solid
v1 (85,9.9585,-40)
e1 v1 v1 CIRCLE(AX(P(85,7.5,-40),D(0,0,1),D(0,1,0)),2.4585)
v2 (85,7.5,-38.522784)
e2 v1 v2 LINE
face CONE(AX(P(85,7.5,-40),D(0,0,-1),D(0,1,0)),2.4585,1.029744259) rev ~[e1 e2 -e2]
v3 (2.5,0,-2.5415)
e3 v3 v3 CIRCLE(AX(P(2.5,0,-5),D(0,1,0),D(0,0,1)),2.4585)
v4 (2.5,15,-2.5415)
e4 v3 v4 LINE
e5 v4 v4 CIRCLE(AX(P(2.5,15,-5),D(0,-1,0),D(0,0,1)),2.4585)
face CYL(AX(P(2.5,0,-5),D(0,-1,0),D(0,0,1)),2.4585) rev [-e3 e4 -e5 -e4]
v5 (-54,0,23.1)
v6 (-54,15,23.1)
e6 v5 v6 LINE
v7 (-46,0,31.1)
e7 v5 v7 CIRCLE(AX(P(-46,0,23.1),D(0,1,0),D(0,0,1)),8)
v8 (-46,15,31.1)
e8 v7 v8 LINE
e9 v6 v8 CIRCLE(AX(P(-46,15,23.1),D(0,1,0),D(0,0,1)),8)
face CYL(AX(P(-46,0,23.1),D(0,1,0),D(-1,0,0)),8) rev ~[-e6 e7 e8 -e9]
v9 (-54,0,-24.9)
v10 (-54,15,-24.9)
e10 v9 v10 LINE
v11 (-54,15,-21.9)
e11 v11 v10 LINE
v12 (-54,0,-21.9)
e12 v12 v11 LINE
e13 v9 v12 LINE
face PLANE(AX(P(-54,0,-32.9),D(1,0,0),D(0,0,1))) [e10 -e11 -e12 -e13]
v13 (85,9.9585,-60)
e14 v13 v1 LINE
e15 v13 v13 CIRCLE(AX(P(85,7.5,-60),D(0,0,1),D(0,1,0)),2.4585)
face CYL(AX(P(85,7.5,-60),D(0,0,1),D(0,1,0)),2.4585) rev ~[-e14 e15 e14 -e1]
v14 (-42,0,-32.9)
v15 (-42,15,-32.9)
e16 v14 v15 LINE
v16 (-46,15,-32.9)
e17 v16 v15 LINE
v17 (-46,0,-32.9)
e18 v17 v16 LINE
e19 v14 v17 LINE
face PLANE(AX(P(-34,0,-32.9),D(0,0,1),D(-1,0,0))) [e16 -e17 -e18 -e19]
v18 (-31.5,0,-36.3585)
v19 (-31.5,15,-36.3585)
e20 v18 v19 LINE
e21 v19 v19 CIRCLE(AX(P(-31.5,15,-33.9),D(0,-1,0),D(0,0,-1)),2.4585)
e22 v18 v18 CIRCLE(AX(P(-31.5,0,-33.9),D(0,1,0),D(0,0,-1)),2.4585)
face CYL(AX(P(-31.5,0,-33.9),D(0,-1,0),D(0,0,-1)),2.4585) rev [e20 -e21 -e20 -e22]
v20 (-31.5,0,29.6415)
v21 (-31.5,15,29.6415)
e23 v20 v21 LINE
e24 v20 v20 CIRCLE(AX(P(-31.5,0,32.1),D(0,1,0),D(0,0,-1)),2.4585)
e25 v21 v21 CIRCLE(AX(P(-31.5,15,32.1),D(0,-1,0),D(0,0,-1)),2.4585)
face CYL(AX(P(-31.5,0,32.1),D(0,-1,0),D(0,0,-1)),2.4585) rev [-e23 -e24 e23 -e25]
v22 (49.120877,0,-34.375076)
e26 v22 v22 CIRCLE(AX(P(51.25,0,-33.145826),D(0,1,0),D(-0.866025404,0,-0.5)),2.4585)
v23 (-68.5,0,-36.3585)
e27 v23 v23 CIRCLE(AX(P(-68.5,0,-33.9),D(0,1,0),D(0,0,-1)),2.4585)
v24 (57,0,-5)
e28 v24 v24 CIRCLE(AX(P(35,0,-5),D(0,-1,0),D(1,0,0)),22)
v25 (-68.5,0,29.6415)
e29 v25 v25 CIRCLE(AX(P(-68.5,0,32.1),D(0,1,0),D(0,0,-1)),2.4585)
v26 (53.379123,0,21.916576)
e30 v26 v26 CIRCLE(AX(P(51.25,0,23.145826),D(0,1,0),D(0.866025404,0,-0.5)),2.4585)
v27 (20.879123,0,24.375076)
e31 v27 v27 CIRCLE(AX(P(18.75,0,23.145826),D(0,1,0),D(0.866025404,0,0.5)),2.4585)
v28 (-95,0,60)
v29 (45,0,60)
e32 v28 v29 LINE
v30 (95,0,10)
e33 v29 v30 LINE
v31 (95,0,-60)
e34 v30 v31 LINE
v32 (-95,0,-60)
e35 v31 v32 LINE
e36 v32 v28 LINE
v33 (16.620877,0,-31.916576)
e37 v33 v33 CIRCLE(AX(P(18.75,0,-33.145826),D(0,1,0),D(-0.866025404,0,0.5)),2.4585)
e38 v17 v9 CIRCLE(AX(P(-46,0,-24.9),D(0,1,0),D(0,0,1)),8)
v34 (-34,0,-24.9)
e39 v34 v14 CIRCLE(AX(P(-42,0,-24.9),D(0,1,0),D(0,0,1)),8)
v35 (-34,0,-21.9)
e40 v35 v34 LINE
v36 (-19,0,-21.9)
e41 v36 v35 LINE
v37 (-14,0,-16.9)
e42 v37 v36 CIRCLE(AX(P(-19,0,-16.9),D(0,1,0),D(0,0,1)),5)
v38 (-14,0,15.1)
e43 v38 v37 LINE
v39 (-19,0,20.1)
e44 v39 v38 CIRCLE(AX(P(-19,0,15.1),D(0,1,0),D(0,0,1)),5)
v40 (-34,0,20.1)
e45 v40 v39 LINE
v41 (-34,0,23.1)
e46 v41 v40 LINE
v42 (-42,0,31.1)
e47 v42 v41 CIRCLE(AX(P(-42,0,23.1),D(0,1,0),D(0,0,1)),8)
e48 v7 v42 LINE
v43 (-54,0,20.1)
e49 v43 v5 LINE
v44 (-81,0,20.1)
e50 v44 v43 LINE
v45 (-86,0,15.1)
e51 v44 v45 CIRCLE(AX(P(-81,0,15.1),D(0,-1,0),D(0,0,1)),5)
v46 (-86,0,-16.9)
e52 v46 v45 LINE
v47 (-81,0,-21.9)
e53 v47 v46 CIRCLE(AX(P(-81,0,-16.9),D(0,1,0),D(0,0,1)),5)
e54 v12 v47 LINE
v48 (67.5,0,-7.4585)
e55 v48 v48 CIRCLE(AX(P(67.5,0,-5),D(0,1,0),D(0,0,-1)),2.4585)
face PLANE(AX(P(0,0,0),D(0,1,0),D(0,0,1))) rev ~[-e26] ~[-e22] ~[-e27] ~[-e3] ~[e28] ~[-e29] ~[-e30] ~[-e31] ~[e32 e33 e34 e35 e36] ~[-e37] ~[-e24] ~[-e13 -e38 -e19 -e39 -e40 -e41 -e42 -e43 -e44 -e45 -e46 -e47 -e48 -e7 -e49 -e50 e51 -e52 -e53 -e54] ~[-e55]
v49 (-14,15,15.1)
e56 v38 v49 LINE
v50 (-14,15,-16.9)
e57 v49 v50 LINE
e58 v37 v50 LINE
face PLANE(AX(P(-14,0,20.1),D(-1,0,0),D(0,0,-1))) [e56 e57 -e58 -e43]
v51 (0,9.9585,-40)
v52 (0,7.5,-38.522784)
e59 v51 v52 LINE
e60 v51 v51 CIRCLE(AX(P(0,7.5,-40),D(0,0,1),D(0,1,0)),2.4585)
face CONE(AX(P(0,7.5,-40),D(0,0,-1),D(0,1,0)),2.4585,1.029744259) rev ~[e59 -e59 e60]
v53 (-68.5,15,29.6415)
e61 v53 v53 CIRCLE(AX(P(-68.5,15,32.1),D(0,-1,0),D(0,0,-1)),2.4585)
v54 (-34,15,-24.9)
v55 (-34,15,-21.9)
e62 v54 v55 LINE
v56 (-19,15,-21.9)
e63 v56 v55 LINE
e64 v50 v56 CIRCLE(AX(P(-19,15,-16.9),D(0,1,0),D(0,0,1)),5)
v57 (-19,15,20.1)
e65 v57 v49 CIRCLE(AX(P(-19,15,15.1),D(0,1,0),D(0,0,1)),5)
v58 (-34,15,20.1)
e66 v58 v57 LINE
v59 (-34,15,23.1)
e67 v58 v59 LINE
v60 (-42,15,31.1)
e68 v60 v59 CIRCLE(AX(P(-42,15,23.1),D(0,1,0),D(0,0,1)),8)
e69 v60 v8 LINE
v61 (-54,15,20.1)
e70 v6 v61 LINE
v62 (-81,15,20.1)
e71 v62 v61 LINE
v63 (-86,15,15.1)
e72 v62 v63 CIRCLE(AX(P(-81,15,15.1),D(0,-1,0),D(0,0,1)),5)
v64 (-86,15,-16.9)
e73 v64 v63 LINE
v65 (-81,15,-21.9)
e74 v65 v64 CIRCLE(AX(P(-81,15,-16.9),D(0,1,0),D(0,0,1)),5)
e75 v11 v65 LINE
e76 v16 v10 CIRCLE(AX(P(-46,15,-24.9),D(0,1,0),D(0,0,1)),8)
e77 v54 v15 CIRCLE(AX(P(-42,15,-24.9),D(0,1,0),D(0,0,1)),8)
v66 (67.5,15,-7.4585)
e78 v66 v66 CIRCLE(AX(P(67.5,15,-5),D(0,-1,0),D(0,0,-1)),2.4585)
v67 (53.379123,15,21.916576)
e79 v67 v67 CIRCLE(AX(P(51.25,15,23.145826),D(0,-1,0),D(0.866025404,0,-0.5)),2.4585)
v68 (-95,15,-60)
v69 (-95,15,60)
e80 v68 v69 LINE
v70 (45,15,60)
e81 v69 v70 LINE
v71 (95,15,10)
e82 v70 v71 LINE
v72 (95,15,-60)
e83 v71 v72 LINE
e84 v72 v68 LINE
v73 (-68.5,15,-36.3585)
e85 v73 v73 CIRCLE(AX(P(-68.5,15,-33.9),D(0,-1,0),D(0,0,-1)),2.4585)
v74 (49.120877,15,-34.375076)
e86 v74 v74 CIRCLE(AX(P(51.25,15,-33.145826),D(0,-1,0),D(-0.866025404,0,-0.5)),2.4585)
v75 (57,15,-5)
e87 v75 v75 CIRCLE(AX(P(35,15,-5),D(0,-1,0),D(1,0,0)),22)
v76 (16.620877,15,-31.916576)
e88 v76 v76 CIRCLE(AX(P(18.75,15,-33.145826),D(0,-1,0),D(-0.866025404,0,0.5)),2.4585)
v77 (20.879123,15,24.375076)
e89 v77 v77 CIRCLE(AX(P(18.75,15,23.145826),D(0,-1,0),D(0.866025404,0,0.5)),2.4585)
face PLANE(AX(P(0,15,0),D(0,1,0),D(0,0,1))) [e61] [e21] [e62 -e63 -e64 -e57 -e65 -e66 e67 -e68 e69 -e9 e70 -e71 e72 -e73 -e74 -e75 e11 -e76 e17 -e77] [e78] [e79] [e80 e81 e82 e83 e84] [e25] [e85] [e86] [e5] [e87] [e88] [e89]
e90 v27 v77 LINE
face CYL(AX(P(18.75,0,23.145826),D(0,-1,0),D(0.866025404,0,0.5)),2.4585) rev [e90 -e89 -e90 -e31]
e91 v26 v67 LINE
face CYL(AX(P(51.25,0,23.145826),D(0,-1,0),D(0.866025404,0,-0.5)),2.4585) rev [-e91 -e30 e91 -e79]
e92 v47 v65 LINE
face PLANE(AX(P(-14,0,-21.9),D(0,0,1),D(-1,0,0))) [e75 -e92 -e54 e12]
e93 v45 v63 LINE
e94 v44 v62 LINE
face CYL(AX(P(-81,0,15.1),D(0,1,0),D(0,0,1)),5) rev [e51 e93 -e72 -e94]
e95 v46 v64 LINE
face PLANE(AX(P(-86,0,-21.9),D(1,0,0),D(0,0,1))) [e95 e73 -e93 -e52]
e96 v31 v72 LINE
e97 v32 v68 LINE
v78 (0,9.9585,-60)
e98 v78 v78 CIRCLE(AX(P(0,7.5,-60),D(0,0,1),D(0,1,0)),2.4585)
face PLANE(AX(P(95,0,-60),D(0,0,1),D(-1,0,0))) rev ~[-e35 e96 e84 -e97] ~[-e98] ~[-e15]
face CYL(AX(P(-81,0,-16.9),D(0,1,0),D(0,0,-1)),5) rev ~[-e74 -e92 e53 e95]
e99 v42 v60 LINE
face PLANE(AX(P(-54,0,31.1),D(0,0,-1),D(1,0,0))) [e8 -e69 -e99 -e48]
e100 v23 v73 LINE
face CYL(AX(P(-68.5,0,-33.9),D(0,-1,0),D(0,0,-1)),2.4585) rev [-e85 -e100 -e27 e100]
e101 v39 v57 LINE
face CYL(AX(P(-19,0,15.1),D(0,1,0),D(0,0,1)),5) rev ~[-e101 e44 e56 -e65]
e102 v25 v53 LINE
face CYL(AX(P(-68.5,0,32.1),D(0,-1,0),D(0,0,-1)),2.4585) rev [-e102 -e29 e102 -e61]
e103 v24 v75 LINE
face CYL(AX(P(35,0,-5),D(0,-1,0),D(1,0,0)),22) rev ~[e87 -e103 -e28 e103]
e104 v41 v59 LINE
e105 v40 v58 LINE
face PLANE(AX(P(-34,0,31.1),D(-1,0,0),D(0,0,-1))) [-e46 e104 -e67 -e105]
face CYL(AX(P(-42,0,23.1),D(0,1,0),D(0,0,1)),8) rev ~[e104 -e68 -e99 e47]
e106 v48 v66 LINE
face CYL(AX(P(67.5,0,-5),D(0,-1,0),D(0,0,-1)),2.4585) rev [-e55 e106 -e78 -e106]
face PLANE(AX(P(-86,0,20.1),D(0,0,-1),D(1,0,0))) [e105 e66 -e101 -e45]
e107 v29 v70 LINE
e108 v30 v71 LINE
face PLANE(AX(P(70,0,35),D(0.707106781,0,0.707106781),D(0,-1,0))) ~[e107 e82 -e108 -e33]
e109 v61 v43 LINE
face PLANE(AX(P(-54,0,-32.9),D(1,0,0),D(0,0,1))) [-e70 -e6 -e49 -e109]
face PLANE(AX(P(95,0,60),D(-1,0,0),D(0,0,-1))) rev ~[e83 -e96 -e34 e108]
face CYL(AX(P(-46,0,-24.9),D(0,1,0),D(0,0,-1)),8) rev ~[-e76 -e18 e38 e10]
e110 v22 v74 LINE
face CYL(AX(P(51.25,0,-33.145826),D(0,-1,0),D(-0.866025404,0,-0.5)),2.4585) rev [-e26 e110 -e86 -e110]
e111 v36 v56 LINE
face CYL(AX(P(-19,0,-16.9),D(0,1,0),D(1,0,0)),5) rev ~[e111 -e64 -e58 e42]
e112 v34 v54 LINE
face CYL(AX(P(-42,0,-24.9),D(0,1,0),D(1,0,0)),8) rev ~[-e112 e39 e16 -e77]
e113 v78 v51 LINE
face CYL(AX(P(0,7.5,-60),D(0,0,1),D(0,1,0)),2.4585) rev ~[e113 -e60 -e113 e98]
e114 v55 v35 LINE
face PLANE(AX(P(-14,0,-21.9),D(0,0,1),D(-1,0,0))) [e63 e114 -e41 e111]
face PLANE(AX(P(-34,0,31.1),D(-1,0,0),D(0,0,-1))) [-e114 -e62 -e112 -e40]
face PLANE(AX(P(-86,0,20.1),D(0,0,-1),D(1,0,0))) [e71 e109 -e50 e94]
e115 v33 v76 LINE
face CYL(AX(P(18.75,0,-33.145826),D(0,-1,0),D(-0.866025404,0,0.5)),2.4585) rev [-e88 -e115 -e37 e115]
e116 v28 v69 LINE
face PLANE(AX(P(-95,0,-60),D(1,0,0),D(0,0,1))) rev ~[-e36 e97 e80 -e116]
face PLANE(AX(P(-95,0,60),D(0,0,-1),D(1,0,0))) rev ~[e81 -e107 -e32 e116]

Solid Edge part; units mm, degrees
sketch "Sketch1" plane through (0, 0, 0) normal (0, -1, 0) x (1, 0, 0)
  line L0 (-95, 60) -> (95, 60)
  line L1 (95, 60) -> (95, -60)
  line L2 (95, -60) -> (-95, -60)
  line L3 (-95, -60) -> (-95, 60)
  dimension "D1" = 190
  dimension "D2" = 120
extrude "Protrusion1" add sketch "Sketch1" against normal blind 15
sketch "Sketch2" plane through (0, 0, 0) normal (0, -1, 0) x (1, 0, 0)
  line L0 (-86, 20.1) -> (-14, 20.1)
  line L1 (-14, 20.1) -> (-14, -21.9)
  line L2 (-14, -21.9) -> (-86, -21.9)
  line L3 (-86, -21.9) -> (-86, 20.1)
  circle A0 centre (35, -5) radius 22
  dimension "D1" = 55
  dimension "D2" = 60
  dimension "D3" = 44
  dimension "D4" = 72
  dimension "D5" = 42
  dimension "D6" = 4.1
  dimension "D7" = 145
extrude "Cutout1" cut sketch "Sketch2" against normal up to vertex (15 mm away)
fillet "Redondeo_1" radius 5 4 edges at (-86, 7.5, 20.1) (-14, 7.5, 20.1) (-86, 7.5, -21.9) (-14, 7.5, -21.9)
hole "Agujero_1" at (85, 7.5, -60) direction (0, 0, 1) diameter 4.917 depth 20 tip angle 118 thread major 6 thread length 10
hole "Hole1" at (0, 7.5, -60) direction (0, 0, 1) diameter 4.917 depth 20 tip angle 118 thread major 6 thread length 10
hole "Agujero_4" at (67.5, 0, -5) direction (0, 1, 0) diameter 4.917 end up to next
pattern_circular "Pattern2" count 6 over 360 about axis through (35, 0, -5) along (0, -1, 0) of "Agujero_4"
hole "Agujero_10" at (-68.5, 0, 32.1) direction (0, 1, 0) diameter 4.917 end through all
hole "Hole7" at (-31.5, 0, 32.1) direction (0, 1, 0) diameter 4.917 end through all
hole "Hole8" at (-68.5, 0, -33.9) direction (0, 1, 0) diameter 4.917 end through all
hole "Hole9" at (-31.5, 0, -33.9) direction (0, 1, 0) diameter 4.917 end through all
chamfer "Chaflán_1" distance 50 angle 45 1 edges at (95, 7.5, 60)
sketch "Sketch3" plane through (0, 0, 0) normal (0, -1, 0) x (1, 0, 0)
  line L0 (-54, 31.1) -> (-34, 31.1)
  line L1 (-34, 31.1) -> (-34, -32.9)
  line L2 (-34, -32.9) -> (-54, -32.9)
  line L3 (-54, -32.9) -> (-54, 31.1)
  dimension "D1" = 20
  dimension "D2" = 64
  dimension "D3" = 20
extrude "Cutout2" cut sketch "Sketch3" against normal through all
fillet "Redondeo_2" radius 8 4 edges at (-34, 7.5, 31.1) (-54, 7.5, 31.1) (-54, 7.5, -32.9) (-34, 7.5, -32.9)
properties part number "1976-1200-005" material "Aluminio, 7075-T6"
